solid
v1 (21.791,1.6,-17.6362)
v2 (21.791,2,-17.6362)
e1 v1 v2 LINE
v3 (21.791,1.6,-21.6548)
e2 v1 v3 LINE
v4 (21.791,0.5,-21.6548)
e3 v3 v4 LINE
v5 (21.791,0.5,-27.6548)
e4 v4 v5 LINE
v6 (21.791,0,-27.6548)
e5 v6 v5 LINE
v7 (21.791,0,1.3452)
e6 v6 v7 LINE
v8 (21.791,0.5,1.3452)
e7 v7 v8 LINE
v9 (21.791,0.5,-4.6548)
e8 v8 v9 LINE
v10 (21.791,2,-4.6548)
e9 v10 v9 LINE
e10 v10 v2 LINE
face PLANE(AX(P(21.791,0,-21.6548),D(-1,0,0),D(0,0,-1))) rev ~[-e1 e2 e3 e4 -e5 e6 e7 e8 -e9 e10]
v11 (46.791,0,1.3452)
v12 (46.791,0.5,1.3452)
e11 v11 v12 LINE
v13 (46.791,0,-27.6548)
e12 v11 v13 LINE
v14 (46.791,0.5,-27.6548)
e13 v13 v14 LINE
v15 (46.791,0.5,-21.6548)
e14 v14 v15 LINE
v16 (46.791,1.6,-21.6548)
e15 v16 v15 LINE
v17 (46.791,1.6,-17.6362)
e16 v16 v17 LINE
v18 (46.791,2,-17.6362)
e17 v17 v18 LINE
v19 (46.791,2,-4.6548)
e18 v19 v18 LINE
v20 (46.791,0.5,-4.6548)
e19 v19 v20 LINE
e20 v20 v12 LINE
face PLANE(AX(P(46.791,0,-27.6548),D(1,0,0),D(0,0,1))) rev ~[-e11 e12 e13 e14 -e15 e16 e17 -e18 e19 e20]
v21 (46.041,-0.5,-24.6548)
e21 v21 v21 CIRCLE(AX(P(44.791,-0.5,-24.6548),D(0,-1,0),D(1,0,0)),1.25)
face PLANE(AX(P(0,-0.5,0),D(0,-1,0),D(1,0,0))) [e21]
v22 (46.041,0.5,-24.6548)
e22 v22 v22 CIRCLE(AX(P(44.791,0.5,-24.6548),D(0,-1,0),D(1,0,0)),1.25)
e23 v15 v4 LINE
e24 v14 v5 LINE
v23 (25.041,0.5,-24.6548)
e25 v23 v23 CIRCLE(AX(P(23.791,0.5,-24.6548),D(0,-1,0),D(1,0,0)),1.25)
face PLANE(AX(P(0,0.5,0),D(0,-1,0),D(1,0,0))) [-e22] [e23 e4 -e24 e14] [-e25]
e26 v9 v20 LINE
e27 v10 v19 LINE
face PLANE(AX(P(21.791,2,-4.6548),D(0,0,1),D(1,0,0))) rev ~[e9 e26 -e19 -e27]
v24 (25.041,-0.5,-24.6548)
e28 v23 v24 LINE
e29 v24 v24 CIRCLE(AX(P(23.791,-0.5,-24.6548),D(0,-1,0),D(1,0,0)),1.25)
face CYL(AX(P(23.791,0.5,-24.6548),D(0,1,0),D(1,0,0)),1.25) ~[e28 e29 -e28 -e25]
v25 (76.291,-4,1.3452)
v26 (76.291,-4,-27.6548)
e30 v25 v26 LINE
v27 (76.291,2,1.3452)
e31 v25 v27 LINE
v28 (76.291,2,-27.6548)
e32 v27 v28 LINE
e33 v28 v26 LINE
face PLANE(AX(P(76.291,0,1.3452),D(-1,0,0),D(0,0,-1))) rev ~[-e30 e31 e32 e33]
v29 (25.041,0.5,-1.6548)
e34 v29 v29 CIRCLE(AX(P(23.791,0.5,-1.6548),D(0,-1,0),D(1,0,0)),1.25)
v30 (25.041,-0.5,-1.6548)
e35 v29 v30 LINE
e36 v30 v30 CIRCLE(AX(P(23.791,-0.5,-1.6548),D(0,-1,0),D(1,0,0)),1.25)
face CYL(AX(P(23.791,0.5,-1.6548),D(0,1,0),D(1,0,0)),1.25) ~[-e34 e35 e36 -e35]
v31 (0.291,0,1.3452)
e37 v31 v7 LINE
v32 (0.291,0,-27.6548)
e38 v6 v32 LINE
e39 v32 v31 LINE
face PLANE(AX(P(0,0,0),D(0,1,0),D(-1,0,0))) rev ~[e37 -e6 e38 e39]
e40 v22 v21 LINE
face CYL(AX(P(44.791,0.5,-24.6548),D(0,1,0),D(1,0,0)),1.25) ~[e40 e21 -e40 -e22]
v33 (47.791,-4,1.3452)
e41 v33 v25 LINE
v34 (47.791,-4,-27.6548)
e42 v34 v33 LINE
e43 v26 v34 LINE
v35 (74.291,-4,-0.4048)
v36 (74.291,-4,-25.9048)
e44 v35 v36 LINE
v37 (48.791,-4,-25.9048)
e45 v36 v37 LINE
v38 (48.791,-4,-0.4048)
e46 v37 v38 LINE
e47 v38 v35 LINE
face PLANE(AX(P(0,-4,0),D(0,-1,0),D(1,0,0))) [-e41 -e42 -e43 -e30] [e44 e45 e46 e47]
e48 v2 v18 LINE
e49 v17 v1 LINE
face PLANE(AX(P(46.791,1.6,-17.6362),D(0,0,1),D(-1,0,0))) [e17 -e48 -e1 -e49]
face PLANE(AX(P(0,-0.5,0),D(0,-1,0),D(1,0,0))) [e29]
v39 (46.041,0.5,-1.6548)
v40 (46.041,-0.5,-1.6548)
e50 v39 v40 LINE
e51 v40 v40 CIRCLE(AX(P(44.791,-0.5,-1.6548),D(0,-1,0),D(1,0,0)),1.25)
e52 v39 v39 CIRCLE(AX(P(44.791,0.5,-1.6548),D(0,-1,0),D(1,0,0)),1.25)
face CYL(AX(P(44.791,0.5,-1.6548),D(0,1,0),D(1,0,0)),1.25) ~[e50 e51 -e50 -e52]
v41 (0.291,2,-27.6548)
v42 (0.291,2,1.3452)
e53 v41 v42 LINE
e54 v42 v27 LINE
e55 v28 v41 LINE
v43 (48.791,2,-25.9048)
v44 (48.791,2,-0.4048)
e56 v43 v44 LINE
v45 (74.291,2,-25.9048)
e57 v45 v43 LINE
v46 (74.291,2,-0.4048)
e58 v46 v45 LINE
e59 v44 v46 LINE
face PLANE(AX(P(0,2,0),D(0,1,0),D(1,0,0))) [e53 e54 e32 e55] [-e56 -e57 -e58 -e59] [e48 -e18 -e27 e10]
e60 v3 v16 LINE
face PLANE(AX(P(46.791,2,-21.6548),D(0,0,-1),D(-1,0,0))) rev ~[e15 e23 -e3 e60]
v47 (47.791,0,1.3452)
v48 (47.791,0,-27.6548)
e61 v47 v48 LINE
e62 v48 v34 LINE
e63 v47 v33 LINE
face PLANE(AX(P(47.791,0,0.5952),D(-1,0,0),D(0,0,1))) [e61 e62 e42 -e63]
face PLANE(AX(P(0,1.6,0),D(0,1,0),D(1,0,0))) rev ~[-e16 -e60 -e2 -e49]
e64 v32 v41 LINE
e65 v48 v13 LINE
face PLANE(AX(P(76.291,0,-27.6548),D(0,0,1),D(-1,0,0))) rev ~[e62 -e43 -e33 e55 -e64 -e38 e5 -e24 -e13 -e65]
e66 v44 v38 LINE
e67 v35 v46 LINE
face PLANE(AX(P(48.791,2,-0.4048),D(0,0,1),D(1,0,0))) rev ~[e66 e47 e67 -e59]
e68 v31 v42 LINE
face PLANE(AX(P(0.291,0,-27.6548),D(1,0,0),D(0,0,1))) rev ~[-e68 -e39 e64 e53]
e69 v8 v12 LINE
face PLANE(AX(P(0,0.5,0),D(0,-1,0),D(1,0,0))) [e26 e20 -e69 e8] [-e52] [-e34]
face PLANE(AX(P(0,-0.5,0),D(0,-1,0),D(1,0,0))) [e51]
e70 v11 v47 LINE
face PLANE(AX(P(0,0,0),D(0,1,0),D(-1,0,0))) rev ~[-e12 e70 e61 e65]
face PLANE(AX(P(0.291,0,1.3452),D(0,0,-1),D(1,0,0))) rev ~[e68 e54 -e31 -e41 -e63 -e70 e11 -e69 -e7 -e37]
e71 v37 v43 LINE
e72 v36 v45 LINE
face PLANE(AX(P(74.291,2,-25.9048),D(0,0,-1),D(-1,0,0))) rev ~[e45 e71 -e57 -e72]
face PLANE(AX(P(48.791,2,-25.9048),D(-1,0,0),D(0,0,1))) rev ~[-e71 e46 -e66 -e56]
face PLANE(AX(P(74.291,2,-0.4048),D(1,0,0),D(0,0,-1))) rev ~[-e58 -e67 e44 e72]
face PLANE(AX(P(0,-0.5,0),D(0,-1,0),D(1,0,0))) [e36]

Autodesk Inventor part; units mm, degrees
ref_plane "YZ Plane" through (0, 0, 0) normal (1, 0, 0) x (0, 1, 0)
ref_plane "XZ Plane" through (0, 0, 0) normal (0, 1, 0) x (-1, 0, 0)
ref_plane "XY Plane" through (0, 0, 0) normal (0, 0, 1) x (1, 0, 0)
sketch "Sketch1" plane through (0, 0, 0) normal (0, 1, 0) x (-1, 0, 0)
  line L0 (-0.291, 1.3452) -> (-76.291, 1.3452)
  line L1 (-76.291, 1.3452) -> (-76.291, -27.6548)
  line L2 (-76.291, -27.6548) -> (-0.291, -27.6548)
  line L3 (-0.291, -27.6548) -> (-0.291, 1.3452)
  point P0 (0, 0)
  dimension "d0" = 76
  dimension "d1" = 29
extrude "Extrusion1" add sketch "Sketch1" along normal blind 2
sketch "Sketch2" plane through (0, 2, 0) normal (0, 1, 0) x (1, 0, 0)
  line L0 (21.791, 4.6548) -> (46.791, 4.6548)
  line L1 (46.791, 4.6548) -> (46.791, 21.6548)
  line L2 (46.791, 21.6548) -> (21.791, 21.6548)
  line L3 (21.791, 21.6548) -> (21.791, 4.6548)
  line L4 (0.291, 27.6548) -> (0.291, -1.3452) projected
  line L5 (76.291, -1.3452) -> (76.291, 27.6548) projected
  line L6 (76.291, 27.6548) -> (0.291, 27.6548) projected
  point P0 (0, 0)
  point P1 (21.791, 13.1548)
  dimension "d4" = 25
  dimension "d5" = 17
  dimension "d10" = 29.5
  dimension "d18" = 6
extrude "Extrusion2" cut sketch "Sketch2" against normal blind 2
sketch "Sketch3" plane through (0, 2, 0) normal (0, 1, 0) x (1, 0, 0)
  line L0 (48.791, 0.4048) -> (74.291, 0.4048)
  line L1 (74.291, 0.4048) -> (74.291, 25.9048)
  line L2 (74.291, 25.9048) -> (48.791, 25.9048)
  line L3 (48.791, 25.9048) -> (48.791, 0.4048)
  line L4 (76.291, -1.3452) -> (76.291, 27.6548) projected
  line L5 (46.791, 21.6548) -> (46.791, 4.6548) projected
  point P0 (0, 0)
  point P1 (74.291, 13.1548)
  point P2 (76.291, 13.1548)
  dimension "d8" = 25.5
  dimension "d27" = 2
extrude "Extrusion3" cut sketch "Sketch3" against normal blind 2
sketch "Sketch4" plane through (0, 0, 0) normal (0, -1, 0) x (1, 0, 0)
  line L0 (74.291, -25.9048) -> (48.791, -25.9048) projected
  line L1 (48.791, -25.9048) -> (48.791, -0.4048) projected
  line L2 (48.791, -0.4048) -> (74.291, -0.4048) projected
  line L3 (74.291, -0.4048) -> (74.291, -25.9048) projected
  line L4 (46.791, -21.6548) -> (21.791, -21.6548) projected
  line L5 (21.791, -21.6548) -> (21.791, -4.6548) projected
  line L6 (21.791, -4.6548) -> (46.791, -4.6548) projected
  line L7 (46.791, -4.6548) -> (46.791, -21.6548) projected
  line L8 (76.291, 1.3452) -> (76.291, -27.6548) projected
  line L9 (0.291, 1.3452) -> (76.291, 1.3452) projected
  line L10 (0.291, -27.6548) -> (0.291, 1.3452) projected
  line L11 (76.291, -27.6548) -> (0.291, -27.6548) projected
  line L12 (21.791, -27.6548) -> (46.791, -27.6548)
  line L13 (46.791, -27.6548) -> (46.791, 1.3452)
  line L14 (46.791, 1.3452) -> (21.791, 1.3452)
  line L15 (21.791, 1.3452) -> (21.791, -27.6548)
  point P0 (0, 0)
  point P1 (46.791, -21.6548)
  point P2 (21.791, 1.3452)
  point P3 (21.791, -4.6548)
  point P4 (46.791, -4.6548)
extrude "Extrusion4" cut sketch "Sketch4" against normal blind 0.5 contours L13 L11 L15 L4 | L6 L15 L9 L13
sketch "Sketch9" plane through (0, 2, 0) normal (0, 1, 0) x (1, 0, 0)
  line L0 (48.791, 25.9048) -> (74.291, 25.9048) projected
  line L1 (74.291, 25.9048) -> (74.291, 0.4048) projected
  line L2 (74.291, 0.4048) -> (48.791, 0.4048) projected
  line L3 (48.791, 0.4048) -> (48.791, 25.9048) projected
  line L4 (21.791, 21.6548) -> (46.791, 21.6548) projected
  line L5 (46.791, 21.6548) -> (46.791, 4.6548) projected
  line L6 (46.791, 4.6548) -> (21.791, 4.6548) projected
  line L7 (21.791, 4.6548) -> (21.791, 21.6548) projected
  line L8 (76.291, -1.3452) -> (76.291, 27.6548) projected
  line L9 (76.291, 27.6548) -> (0.291, 27.6548) projected
  line L10 (0.291, 27.6548) -> (0.291, -1.3452) projected
  line L11 (0.291, -1.3452) -> (76.291, -1.3452) projected
  line L12 (46.791, 15.6362) -> (21.791, 15.6362)
  line L13 (21.791, 21.6548) -> (46.791, 21.6548) projected
  line L14 (21.791, 4.6548) -> (21.791, 21.6548) projected
  line L15 (46.791, 21.6548) -> (46.791, 4.6548) projected
  point P0 (0, 0)
extrude "Extrusion9" add sketch "Sketch9" against normal blind 0.4 contours L4 L5 L12 L7
sketch "Sketch10" plane through (0, 0, 0) normal (0, -1, 0) x (1, 0, 0)
  line L0 (46.791, 1.3452) -> (46.791, -27.6548) projected
  line L1 (76.291, -27.6548) -> (46.791, -27.6548) projected
  line L2 (76.291, 1.3452) -> (76.291, -27.6548) projected
  line L3 (46.791, 1.3452) -> (76.291, 1.3452) projected
  line L4 (74.291, -25.9048) -> (48.791, -25.9048) projected
  line L5 (48.791, -25.9048) -> (48.791, -0.4048) projected
  line L6 (48.791, -0.4048) -> (74.291, -0.4048) projected
  line L7 (74.291, -0.4048) -> (74.291, -25.9048) projected
  line L8 (47.791, -26.9048) -> (75.291, -26.9048)
  line L9 (75.291, -26.9048) -> (75.291, 0.5952)
  line L10 (75.291, 0.5952) -> (47.791, 0.5952)
  line L11 (47.791, 0.5952) -> (47.791, -26.9048)
  line L12 (47.791, -26.9048) -> (47.791, -27.6548)
  line L13 (47.791, 0.5952) -> (47.791, 1.3452)
  point P0 (0, 0)
  dimension "d32" = 1
extrude "Extrusion10" add sketch "Sketch10" along normal blind 4 contours L3 L2 L1 L12 L8 L9 L10 L13 | L10 L9 L8 L11
sketch "Sketch13" plane through (0, 0.5, 0) normal (0, -1, 0) x (1, 0, 0)
  circle A0 centre (44.791, -1.6548) radius 1.25
  circle A1 centre (23.791, -1.6548) radius 1.25
  circle A2 centre (44.791, -24.6548) radius 1.25
  circle A3 centre (23.791, -24.6548) radius 1.25
  line L0 (44.791, -1.6548) -> (23.791, -1.6548) construction
  line L1 (46.791, -4.6548) -> (21.791, -4.6548) construction
  point P0 (0, 0)
  point P1 (51.5193, 88.3762)
  point P2 (34.291, -1.6548)
  point P3 (34.291, -4.6548)
  point P4 (21.791, 1.3452)
  dimension "d44" = 2.5
  dimension "d45" = 2.5
  dimension "d46" = 2.5
  dimension "d47" = 2.5
  dimension "d48" = 23
  dimension "d49" = 21
  dimension "d50" = 3
extrude "Extrusion13" add sketch "Sketch13" along normal blind 1
sketch "Sketch14" plane through (0, 1.6, 0) normal (0, -1, 0) x (1, 0, 0)
  line L0 (46.791, -15.6362) -> (46.791, -21.6548) projected
  line L1 (46.791, -15.6362) -> (21.791, -15.6362) projected
  line L2 (21.791, -21.6548) -> (21.791, -15.6362) projected
  line L3 (46.791, -21.6548) -> (21.791, -21.6548) projected
  line L4 (46.791, -17.6362) -> (21.791, -17.6362)
  point P0 (0, 0)
  dimension "d53" = 2
extrude "Extrusion14" cut sketch "Sketch14" against normal blind 1 contours L0 L4 L2 L1
properties part number "pokrywka2"
